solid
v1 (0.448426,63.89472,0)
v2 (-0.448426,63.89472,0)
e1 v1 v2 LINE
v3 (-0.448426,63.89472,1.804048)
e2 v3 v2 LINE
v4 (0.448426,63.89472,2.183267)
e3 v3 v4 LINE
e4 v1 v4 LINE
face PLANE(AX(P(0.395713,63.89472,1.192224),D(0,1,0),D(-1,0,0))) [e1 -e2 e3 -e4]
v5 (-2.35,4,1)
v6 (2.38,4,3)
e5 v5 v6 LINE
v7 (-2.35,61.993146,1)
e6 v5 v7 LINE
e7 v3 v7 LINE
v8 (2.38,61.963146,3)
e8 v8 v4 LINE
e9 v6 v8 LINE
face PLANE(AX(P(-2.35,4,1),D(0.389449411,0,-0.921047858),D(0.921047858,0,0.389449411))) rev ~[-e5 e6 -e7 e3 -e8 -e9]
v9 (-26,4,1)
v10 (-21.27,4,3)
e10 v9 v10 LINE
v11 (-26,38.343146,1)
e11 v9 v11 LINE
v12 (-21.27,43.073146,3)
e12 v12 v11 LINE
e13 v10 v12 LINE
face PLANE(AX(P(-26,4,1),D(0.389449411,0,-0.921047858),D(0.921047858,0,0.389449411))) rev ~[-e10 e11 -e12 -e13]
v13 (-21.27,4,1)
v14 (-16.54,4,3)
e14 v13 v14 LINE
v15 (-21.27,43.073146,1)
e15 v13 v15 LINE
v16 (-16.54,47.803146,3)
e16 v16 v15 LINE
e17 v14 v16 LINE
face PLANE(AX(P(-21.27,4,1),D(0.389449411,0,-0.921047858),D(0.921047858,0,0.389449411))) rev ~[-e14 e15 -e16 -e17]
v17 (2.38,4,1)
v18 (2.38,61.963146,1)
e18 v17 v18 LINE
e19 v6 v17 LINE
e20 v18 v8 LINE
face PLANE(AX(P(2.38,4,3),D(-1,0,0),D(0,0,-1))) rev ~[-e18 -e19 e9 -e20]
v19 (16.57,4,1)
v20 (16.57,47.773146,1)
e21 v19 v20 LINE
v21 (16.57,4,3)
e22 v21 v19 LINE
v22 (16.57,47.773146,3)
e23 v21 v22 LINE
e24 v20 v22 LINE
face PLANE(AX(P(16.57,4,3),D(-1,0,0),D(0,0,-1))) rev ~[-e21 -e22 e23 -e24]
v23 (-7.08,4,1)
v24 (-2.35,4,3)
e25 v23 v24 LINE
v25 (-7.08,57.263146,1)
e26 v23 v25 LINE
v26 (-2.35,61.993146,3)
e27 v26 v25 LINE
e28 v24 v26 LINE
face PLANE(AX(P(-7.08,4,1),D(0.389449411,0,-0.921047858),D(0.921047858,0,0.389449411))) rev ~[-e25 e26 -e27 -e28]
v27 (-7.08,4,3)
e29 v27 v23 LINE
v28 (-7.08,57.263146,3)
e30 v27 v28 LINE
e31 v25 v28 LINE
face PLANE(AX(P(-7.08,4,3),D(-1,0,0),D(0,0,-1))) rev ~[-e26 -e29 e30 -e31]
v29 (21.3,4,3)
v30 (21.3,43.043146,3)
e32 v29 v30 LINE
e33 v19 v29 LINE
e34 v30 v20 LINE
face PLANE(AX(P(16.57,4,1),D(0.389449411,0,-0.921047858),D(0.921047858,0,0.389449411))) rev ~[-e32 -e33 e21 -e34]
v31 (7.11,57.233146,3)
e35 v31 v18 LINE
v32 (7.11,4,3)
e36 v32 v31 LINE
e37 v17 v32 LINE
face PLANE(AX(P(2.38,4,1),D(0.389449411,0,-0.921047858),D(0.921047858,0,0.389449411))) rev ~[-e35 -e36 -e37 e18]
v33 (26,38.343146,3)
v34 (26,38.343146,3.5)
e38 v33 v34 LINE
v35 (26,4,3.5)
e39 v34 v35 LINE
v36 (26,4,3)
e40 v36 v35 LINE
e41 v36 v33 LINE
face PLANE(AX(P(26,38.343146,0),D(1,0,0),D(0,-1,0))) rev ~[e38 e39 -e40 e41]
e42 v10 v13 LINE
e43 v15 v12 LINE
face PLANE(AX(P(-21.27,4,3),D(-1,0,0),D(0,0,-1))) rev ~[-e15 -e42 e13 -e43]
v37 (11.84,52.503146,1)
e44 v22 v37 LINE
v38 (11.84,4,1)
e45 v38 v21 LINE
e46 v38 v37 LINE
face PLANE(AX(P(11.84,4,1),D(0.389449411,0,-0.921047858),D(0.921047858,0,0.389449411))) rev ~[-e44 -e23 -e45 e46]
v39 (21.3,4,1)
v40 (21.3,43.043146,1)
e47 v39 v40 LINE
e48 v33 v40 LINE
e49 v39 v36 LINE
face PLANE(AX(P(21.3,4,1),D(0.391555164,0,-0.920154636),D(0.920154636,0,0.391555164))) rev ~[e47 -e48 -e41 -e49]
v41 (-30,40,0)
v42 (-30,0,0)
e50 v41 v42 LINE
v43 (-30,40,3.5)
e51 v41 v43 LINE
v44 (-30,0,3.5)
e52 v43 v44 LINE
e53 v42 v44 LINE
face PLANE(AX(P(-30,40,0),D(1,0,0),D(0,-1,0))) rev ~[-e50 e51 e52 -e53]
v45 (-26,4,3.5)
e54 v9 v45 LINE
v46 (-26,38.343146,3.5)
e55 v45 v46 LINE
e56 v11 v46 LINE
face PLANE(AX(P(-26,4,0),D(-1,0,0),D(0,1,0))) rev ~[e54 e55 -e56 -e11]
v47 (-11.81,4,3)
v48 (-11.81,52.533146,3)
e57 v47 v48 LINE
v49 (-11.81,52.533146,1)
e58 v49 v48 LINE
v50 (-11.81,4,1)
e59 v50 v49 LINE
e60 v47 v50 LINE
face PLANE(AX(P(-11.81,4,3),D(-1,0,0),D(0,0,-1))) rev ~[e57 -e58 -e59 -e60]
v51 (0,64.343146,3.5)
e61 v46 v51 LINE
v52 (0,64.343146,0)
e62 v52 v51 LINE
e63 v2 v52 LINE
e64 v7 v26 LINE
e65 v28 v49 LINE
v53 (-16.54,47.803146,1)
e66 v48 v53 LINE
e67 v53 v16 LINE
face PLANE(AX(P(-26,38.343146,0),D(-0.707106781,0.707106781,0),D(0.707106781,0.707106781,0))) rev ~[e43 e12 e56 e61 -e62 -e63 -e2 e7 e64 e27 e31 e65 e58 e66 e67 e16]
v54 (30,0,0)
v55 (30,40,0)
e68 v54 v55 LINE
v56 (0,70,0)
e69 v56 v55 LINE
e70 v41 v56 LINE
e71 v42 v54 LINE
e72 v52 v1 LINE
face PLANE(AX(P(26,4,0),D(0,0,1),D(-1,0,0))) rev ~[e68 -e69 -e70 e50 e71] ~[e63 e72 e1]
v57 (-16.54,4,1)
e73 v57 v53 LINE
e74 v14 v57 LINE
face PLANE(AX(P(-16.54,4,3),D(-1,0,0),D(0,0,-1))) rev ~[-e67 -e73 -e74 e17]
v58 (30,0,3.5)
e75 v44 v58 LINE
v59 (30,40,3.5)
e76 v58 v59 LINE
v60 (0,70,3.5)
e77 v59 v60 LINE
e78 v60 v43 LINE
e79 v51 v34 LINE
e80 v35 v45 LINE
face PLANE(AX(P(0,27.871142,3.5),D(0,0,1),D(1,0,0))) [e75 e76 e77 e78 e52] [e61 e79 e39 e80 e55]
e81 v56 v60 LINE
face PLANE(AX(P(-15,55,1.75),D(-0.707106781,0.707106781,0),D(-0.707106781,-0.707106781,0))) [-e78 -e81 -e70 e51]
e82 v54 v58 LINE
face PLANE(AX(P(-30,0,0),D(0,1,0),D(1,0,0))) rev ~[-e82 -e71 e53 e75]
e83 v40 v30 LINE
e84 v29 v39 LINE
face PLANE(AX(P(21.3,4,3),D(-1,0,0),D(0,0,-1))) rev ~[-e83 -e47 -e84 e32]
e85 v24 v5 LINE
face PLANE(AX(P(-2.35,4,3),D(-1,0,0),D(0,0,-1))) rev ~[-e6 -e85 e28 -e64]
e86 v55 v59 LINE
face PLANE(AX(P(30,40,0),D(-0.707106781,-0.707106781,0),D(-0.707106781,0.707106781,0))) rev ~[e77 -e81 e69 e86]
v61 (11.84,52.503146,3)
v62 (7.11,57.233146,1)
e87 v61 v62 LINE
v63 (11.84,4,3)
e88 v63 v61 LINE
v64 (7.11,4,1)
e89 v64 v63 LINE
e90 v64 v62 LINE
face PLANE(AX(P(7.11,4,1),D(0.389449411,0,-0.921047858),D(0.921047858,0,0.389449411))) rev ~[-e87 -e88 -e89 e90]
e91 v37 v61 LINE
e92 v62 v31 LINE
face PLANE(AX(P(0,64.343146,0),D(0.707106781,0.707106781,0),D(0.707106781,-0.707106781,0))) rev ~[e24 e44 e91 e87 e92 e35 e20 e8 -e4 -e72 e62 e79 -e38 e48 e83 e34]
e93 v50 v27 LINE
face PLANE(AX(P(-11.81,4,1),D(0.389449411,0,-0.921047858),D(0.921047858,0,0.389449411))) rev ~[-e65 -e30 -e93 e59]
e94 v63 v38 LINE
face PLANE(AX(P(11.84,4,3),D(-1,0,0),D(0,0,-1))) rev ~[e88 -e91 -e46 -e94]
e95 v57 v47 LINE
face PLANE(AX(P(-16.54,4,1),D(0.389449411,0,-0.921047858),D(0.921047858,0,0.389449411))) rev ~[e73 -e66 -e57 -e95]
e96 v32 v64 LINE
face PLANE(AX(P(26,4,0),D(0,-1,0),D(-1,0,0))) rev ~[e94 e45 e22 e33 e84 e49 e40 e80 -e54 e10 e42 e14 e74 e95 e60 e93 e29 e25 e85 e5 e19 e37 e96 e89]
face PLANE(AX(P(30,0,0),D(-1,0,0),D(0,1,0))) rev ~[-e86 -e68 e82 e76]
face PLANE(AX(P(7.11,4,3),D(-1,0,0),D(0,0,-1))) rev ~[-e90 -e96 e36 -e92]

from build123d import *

# Parameters (mm, degrees)
F1_DEPTH = 3.5
F3_DEPTH = 59.89472
F4_W     = 42.426407
F4_H     = 3.5
F5_DEPTH = 25.9868
F6_W     = 42.426407
F6_H     = 3.5
F7_DEPTH = 37.73951


with BuildPart() as f1:
    # F0 (on Top) → F1 (new body)
    with BuildSketch(Plane.XY):
        Polygon((-30, 0), (0, 0), (30, 0), (30, 40), (0, 70), (-30, 40), align=None)
        Polygon((26, 4), (-26, 4), (-26, 38.343146), (-12.171573, 52.171573), (0, 64.343146), (26, 38.343146), align=None, mode=Mode.SUBTRACT)
    extrude(amount=F1_DEPTH)

    # F2 (on face) → F3 (join)
    with BuildSketch(Plane(origin=(0, 4, 0), x_dir=(-1, 0, 0), z_dir=(0, 1, 0))):
        Polygon((26, 0), (26, 1), (21.27, 3), (21.27, 1), (16.54, 3), (16.54, 1), (11.81, 3), (11.81, 1), (7.08, 3), (7.08, 1), (2.35, 3), (2.35, 1), (-2.38, 3), (-2.38, 1), (-7.11, 3), (-7.11, 1), (-11.84, 3), (-11.84, 1), (-16.57, 3), (-16.57, 1), (-21.3, 3), (-21.3, 1), (-26, 3), (-26, 0), align=None)
    extrude(amount=F3_DEPTH)

    # F4 (on face) → F5 (cut)
    with BuildSketch(Plane(origin=(35, 35, 0), x_dir=(-0.707107, 0.707107, 0), z_dir=(0.707107, 0.707107, 0))):
        with Locations((28.284271, 1.75)):
            Rectangle(F4_W, F4_H)
    extrude(amount=F5_DEPTH, mode=Mode.SUBTRACT)

    # F6 (on face) → F7 (cut)
    with BuildSketch(Plane(origin=(-35, 35, 0), x_dir=(-0.707107, -0.707107, 0), z_dir=(-0.707107, 0.707107, 0))):
        with Locations((-28.284271, 1.75)):
            Rectangle(F6_W, F6_H)
    extrude(amount=F7_DEPTH, mode=Mode.SUBTRACT)


solid = f1.part
